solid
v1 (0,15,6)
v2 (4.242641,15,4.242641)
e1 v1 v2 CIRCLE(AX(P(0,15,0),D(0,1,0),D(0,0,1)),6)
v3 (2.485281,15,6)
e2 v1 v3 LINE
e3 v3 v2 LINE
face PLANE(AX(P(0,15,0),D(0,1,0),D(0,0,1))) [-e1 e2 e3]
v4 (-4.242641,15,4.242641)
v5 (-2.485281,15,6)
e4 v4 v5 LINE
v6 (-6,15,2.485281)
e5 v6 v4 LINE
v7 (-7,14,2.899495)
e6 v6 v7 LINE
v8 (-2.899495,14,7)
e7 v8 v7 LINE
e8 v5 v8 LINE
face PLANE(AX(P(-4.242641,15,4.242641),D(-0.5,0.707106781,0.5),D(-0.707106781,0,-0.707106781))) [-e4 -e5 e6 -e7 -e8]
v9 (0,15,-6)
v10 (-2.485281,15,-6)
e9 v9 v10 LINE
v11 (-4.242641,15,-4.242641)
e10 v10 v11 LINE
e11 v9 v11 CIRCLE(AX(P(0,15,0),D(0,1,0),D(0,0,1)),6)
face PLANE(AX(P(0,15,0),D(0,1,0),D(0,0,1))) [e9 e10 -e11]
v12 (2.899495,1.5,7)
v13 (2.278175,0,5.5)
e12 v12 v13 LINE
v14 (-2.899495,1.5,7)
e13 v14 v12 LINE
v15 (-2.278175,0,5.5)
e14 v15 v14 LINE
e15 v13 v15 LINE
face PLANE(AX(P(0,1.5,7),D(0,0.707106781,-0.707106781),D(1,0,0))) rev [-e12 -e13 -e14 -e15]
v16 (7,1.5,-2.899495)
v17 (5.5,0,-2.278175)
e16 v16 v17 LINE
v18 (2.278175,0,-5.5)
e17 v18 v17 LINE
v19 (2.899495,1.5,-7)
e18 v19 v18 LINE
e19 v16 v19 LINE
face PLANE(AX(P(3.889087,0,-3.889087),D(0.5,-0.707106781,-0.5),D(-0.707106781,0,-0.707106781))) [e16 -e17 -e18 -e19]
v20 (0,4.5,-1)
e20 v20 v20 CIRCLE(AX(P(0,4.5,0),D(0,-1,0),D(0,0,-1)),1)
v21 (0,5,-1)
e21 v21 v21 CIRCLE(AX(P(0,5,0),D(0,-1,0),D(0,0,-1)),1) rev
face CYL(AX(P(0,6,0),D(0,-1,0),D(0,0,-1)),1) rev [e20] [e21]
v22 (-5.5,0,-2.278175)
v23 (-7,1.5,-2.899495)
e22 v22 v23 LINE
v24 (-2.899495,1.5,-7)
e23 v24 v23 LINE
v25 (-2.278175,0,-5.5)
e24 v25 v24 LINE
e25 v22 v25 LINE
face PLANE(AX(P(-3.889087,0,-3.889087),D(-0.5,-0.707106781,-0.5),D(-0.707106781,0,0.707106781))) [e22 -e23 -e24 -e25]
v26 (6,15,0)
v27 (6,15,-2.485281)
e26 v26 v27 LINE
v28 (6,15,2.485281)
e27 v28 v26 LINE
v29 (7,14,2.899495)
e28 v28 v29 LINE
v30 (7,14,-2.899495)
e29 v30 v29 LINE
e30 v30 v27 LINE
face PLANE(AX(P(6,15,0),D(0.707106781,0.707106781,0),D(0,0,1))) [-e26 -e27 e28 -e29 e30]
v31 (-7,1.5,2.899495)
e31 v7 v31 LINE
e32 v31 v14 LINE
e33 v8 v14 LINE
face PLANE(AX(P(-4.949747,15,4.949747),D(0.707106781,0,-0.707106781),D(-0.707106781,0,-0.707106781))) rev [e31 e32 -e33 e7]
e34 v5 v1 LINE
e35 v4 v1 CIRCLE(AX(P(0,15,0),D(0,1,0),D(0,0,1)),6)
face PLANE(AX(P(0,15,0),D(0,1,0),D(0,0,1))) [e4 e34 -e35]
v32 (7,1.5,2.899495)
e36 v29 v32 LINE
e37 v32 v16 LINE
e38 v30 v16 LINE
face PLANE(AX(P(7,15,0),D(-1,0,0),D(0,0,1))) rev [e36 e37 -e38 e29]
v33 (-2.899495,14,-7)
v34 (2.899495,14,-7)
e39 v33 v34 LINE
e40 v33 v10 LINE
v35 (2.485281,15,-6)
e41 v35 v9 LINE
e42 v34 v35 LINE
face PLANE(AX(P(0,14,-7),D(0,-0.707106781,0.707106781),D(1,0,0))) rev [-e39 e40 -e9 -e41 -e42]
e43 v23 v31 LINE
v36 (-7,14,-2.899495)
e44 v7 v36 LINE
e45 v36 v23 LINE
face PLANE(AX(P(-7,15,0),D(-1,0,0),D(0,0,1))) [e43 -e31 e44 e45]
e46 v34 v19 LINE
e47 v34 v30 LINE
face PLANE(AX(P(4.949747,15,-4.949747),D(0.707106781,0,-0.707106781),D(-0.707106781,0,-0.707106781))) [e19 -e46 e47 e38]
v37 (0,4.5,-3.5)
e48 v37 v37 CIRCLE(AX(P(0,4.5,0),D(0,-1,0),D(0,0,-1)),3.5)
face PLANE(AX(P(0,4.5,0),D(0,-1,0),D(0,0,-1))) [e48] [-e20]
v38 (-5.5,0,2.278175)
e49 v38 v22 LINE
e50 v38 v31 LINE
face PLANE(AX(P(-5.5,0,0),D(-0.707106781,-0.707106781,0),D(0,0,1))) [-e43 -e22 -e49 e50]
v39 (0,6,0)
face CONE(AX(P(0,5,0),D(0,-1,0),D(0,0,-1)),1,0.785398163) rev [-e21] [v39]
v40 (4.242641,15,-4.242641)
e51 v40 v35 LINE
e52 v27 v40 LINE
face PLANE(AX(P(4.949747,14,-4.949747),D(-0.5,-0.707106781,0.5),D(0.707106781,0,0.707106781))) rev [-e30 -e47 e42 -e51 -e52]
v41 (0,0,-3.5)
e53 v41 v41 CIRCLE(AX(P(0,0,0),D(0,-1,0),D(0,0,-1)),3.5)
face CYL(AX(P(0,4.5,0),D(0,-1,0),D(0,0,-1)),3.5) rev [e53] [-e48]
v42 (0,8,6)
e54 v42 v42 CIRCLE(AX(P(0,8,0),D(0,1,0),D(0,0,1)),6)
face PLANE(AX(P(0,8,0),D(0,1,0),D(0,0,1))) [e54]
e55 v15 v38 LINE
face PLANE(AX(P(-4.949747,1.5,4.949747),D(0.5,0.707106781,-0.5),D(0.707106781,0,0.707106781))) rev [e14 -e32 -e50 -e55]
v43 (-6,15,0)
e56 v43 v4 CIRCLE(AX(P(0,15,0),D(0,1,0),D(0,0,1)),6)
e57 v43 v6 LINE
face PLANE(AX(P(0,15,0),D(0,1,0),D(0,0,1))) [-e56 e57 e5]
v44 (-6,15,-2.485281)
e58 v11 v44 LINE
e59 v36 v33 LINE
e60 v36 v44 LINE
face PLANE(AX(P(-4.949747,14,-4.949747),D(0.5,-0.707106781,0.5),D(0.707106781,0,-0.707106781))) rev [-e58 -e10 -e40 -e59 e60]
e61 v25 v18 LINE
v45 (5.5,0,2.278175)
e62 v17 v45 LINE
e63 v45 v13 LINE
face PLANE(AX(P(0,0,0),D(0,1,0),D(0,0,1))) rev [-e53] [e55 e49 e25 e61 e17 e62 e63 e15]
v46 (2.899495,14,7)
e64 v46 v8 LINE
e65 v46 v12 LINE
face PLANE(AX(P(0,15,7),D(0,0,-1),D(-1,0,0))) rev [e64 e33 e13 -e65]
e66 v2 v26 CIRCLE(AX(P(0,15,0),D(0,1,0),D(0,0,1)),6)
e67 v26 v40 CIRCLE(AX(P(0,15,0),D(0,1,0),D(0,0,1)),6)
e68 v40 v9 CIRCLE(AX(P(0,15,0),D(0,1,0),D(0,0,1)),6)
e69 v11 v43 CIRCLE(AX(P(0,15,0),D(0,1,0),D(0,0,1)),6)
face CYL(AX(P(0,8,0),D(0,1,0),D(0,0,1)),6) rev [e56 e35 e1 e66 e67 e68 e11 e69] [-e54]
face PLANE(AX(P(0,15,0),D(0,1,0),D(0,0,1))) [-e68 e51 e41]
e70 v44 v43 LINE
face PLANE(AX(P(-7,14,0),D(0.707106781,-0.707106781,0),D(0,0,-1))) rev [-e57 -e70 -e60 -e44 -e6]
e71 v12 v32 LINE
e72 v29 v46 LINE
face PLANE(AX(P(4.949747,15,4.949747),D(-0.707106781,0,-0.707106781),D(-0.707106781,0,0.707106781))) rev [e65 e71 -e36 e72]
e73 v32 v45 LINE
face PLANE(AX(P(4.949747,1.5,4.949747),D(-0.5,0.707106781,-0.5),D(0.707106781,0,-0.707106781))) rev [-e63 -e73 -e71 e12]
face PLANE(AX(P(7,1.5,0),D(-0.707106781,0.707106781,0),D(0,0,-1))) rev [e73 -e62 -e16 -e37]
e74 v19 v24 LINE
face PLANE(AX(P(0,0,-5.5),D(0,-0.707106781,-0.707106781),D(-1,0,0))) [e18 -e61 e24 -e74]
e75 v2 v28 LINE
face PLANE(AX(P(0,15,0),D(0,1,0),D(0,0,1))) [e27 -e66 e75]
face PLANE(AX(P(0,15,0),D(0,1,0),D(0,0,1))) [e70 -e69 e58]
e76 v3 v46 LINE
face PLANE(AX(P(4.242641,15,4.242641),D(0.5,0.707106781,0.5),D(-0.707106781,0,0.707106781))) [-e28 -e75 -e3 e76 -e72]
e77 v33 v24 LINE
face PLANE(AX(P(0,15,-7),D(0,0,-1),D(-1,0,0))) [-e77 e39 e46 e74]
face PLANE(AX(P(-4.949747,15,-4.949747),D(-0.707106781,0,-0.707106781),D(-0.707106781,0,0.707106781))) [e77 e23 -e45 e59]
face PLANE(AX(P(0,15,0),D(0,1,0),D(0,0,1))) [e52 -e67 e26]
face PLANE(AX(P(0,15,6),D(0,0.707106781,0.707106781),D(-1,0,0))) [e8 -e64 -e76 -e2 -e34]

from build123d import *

# Parameters (mm, degrees)
EXTRUDE_1_DEPTH     = 15
CHAMFER_1_SIZE      = 1
CHAMFER_2_SIZE      = 1.5
SKETCH_2_R          = 6
CUT_EXTRUDE_1_DEPTH = 7
SKETCH_3_R          = 3.5
CUT_EXTRUDE_2_DEPTH = 4.5
SKETCH_4_R          = 1
CUT_EXTRUDE_3_DEPTH = 1.5
CHAMFER_5_SIZE      = 1


with BuildPart() as part:
    # Эскиз1 → Бобышка-Вытянуть1 (new body)
    with BuildSketch(Plane(origin=(0, 0, 0), x_dir=(1, 0, 0), z_dir=(0, 1, 0))):
        Polygon((-2.899494937, 7), (-7, 2.899494937), (-7, -2.899494937), (-2.899494937, -7), (2.899494937, -7), (7, -2.899494937), (7, 2.899494937), (2.899494937, 7), align=None)
    extrude(amount=EXTRUDE_1_DEPTH)

    # Фаска1
    chamfer_1_edges = [part.edges().sort_by_distance(p)[0] for p in [
        (-4.949747468, 15, -4.949747468),
        (-7, 15, 0),
        (-4.949747468, 15, 4.949747468),
        (0, 15, 7),
        (4.949747468, 15, 4.949747468),
        (7, 15, 0),
        (4.949747468, 15, -4.949747468),
        (0, 15, -7),
    ]]
    chamfer(chamfer_1_edges, length=CHAMFER_1_SIZE)

    # Фаска2
    chamfer_2_edges = [part.edges().sort_by_distance(p)[0] for p in [
        (-4.949747468, 0, 4.949747468),
        (-7, 0, 0),
        (-4.949747468, 0, -4.949747468),
        (0, 0, -7),
        (4.949747468, 0, -4.949747468),
        (7, 0, 0),
        (4.949747468, 0, 4.949747468),
        (0, 0, 7),
    ]]
    chamfer(chamfer_2_edges, length=CHAMFER_2_SIZE)

    # Эскиз2 → Вырез-Вытянуть1 (cut)
    with BuildSketch(Plane(origin=(0, 15, 0), x_dir=(1, 0, 0), z_dir=(0, 1, 0))):
        with Locations(Location((0, 0, 0), (0, 0, 270))):
            Circle(SKETCH_2_R)
    extrude(amount=-CUT_EXTRUDE_1_DEPTH, mode=Mode.SUBTRACT)

    # Эскиз3 → Вырез-Вытянуть2 (cut)
    with BuildSketch(Plane.XZ):
        with Locations(Location((0, 0, 0), (0, 0, 270))):
            Circle(SKETCH_3_R)
    extrude(amount=-CUT_EXTRUDE_2_DEPTH, mode=Mode.SUBTRACT)

    # Эскиз4 → Вырез-Вытянуть3 (cut)
    with BuildSketch(Plane.XZ.offset(-4.5)):
        with Locations(Location((0, 0, 0), (0, 0, 270))):
            Circle(SKETCH_4_R)
    extrude(amount=-CUT_EXTRUDE_3_DEPTH, mode=Mode.SUBTRACT)

    # Фаска5
    chamfer_5_edges = [part.edges().sort_by_distance(p)[0] for p in [
        (0, 6, 1),
    ]]
    chamfer(chamfer_5_edges, length=CHAMFER_5_SIZE)


solid = part.part
